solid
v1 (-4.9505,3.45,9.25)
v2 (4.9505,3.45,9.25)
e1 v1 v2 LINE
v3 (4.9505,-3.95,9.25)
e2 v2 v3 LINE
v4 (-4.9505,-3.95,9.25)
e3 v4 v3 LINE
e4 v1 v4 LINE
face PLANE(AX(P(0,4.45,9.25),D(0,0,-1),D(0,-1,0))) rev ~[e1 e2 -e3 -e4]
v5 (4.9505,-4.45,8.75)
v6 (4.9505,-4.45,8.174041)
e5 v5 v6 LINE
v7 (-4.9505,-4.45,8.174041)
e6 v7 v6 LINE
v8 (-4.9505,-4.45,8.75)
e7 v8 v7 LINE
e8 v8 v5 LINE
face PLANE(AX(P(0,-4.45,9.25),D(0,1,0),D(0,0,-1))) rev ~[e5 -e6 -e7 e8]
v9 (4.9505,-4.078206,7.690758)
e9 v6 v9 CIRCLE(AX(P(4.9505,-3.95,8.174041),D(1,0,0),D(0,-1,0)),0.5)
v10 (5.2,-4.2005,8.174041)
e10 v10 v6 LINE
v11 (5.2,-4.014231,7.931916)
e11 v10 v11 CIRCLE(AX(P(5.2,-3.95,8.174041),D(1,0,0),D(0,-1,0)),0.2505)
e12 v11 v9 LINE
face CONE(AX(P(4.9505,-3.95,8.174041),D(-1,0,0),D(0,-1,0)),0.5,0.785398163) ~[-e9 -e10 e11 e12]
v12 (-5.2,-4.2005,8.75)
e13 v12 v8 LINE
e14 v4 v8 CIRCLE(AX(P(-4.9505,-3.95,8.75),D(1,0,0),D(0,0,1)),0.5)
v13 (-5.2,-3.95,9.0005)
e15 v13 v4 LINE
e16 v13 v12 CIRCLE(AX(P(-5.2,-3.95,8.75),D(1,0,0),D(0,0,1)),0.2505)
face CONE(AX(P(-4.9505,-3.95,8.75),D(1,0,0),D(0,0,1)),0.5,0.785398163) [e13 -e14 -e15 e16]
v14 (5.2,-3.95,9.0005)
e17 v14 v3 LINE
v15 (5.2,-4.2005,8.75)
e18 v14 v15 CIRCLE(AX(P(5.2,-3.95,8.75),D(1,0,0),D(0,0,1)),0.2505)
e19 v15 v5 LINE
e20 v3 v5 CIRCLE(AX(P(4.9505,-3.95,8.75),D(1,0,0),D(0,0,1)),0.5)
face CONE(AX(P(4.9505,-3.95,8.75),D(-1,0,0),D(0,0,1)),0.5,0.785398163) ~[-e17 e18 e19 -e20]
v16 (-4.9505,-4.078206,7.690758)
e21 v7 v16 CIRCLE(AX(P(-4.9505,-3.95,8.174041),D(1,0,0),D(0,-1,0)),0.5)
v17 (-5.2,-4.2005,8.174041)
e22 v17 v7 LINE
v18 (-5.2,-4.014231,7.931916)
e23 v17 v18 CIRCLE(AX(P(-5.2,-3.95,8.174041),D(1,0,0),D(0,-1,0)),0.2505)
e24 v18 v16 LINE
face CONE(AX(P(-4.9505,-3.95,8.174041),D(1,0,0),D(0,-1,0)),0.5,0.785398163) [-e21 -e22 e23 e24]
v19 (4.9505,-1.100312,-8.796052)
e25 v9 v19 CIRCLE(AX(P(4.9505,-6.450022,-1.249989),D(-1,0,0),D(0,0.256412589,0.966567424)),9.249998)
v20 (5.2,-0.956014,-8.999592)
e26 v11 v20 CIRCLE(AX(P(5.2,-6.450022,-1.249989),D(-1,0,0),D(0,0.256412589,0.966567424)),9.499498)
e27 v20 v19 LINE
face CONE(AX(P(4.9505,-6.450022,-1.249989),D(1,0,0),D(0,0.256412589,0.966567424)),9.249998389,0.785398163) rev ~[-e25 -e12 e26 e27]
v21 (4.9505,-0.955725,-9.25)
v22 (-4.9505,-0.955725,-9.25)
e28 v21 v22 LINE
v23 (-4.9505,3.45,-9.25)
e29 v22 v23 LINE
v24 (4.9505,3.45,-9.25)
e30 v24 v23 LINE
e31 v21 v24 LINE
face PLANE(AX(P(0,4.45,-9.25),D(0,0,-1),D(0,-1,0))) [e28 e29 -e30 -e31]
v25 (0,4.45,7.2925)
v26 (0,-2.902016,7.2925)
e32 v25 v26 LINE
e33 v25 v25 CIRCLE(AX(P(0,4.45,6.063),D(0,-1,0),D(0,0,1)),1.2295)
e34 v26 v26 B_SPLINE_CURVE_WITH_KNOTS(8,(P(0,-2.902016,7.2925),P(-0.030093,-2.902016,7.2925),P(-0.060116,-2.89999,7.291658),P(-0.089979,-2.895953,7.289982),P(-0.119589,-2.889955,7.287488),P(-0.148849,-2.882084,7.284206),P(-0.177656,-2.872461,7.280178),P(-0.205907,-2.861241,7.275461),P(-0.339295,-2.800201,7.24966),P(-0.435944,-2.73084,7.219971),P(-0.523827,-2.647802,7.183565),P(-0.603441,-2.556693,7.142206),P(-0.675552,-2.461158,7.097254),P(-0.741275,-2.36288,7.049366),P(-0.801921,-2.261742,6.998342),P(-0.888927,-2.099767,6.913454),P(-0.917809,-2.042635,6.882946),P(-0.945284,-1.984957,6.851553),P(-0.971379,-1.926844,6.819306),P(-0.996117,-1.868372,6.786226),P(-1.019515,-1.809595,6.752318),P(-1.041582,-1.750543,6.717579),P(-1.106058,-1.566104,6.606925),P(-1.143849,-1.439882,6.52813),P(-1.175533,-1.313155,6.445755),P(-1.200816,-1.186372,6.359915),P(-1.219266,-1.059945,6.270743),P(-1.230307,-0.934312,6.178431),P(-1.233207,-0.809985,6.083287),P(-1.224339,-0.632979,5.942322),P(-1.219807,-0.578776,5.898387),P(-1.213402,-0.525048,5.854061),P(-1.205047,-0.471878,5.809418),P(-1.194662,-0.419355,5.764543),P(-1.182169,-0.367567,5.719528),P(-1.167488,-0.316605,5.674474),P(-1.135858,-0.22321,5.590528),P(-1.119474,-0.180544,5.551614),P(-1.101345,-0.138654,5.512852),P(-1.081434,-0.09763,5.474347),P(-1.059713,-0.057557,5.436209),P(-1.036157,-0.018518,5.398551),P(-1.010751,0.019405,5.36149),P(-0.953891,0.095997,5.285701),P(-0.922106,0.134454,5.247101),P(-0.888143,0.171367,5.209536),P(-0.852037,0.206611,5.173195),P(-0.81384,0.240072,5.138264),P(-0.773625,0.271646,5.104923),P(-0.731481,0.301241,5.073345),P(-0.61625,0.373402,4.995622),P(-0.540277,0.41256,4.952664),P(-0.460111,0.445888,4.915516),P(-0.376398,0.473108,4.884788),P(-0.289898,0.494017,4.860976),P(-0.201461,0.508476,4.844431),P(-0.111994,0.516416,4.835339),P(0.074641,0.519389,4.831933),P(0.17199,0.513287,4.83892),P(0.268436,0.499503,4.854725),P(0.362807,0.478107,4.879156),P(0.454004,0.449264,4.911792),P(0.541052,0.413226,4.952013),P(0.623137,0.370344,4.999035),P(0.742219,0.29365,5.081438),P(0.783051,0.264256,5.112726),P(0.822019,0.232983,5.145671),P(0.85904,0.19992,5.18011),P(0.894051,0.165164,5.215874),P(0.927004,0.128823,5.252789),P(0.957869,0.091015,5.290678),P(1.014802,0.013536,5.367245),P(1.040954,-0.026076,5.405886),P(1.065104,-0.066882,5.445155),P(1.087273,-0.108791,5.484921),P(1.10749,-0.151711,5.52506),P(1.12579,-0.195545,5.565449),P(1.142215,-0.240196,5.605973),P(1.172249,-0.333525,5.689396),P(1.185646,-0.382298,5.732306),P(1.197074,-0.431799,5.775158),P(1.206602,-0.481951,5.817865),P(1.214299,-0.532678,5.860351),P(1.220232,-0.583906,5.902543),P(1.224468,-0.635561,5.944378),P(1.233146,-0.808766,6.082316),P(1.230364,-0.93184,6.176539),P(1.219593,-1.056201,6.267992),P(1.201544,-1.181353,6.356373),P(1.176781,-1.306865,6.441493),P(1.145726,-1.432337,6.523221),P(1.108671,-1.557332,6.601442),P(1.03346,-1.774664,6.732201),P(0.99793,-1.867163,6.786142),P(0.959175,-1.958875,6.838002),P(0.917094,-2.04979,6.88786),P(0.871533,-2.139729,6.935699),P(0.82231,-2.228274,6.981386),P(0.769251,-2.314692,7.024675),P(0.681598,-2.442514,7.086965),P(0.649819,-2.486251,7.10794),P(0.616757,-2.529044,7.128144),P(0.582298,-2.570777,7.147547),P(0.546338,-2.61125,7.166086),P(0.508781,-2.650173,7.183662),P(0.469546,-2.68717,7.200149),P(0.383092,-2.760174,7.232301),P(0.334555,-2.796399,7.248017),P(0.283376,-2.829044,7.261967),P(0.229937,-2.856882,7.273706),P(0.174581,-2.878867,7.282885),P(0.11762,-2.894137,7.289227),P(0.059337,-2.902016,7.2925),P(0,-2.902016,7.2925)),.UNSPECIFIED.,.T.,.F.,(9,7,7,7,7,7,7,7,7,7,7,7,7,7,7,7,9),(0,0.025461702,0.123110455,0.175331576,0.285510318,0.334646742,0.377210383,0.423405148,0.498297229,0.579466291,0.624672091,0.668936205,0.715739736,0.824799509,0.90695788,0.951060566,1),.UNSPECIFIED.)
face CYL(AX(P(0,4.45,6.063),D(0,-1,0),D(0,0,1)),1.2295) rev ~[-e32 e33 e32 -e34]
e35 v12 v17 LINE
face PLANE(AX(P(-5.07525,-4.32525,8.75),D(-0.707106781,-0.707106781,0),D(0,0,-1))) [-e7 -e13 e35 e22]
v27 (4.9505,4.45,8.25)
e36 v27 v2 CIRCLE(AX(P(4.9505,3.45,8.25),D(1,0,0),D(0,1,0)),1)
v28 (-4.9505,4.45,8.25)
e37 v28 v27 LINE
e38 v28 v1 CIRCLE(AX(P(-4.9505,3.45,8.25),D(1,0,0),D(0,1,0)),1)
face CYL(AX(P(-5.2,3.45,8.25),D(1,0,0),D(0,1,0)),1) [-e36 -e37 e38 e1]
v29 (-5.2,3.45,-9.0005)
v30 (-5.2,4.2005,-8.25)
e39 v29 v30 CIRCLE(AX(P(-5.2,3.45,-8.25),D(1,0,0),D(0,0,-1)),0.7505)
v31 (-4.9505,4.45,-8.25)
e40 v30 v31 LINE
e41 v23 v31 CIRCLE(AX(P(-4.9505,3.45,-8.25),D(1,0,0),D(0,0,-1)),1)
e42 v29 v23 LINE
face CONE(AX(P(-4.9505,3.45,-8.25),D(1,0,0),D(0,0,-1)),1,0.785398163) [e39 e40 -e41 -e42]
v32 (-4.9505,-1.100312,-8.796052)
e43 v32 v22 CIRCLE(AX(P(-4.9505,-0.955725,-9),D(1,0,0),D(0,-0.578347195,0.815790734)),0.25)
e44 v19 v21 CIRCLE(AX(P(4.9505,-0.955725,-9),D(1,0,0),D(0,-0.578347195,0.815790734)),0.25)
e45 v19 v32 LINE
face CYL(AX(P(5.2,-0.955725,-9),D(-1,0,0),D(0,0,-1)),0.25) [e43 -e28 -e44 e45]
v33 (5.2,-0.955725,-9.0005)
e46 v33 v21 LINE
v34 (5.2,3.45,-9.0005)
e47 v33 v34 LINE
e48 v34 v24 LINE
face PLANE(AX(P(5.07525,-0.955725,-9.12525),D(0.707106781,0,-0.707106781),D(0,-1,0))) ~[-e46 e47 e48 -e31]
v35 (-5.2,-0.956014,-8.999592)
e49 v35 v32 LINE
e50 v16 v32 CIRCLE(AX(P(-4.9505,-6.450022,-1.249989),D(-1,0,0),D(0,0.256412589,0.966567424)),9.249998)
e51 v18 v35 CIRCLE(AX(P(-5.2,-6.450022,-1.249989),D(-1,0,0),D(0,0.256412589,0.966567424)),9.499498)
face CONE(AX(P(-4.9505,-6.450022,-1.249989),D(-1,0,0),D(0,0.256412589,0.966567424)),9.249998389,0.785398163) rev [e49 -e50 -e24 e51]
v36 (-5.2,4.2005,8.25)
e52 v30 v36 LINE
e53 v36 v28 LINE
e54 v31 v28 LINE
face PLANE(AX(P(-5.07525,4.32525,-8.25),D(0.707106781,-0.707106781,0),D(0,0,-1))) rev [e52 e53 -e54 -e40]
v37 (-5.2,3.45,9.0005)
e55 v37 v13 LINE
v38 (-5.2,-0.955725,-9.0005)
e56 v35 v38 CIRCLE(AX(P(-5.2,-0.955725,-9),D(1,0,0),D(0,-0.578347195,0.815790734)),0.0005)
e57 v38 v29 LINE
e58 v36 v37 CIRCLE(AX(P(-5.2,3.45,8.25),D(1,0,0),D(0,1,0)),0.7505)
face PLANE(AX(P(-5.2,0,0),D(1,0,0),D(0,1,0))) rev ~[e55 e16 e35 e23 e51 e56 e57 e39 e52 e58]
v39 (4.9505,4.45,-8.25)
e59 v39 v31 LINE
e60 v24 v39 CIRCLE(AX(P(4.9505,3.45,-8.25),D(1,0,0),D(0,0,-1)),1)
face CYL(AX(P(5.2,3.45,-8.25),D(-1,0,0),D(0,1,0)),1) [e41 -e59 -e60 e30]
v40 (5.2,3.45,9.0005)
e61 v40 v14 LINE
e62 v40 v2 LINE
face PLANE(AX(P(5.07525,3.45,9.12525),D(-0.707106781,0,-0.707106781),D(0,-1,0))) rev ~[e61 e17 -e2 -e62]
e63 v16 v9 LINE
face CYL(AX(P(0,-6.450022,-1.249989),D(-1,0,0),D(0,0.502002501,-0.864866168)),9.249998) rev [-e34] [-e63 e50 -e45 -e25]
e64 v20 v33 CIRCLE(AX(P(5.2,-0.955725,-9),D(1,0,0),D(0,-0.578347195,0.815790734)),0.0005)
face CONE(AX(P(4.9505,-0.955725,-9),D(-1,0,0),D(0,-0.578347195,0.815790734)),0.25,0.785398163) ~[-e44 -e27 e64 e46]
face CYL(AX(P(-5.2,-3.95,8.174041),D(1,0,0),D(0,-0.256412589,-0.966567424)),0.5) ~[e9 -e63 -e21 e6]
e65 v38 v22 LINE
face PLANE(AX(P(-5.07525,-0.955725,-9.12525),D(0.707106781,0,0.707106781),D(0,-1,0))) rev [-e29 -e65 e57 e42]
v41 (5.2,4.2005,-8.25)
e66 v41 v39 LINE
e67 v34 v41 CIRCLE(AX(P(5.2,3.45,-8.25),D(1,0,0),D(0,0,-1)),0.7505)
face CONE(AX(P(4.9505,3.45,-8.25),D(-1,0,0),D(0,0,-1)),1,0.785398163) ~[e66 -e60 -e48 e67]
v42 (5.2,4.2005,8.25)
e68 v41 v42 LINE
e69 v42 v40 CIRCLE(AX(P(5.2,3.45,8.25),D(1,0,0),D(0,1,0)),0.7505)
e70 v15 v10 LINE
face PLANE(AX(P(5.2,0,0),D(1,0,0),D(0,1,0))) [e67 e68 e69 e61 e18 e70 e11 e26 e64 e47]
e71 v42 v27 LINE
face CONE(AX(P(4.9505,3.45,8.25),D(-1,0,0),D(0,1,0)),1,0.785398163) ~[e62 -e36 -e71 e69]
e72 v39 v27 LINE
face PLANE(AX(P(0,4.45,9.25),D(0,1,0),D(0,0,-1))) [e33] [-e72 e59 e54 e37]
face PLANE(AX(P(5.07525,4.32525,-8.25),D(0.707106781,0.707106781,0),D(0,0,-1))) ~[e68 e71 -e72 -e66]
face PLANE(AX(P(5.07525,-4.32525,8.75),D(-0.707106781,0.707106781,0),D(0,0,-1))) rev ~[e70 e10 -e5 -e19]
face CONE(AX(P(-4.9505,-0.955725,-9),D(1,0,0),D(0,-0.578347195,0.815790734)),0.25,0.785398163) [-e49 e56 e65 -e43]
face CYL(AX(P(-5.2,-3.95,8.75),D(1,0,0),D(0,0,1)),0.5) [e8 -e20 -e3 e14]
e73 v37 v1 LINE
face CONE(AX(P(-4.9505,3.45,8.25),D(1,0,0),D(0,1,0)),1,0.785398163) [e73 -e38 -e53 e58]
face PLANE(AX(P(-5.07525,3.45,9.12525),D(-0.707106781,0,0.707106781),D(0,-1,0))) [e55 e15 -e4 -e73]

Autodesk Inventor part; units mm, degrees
ref_plane "YZ Plane" through (0, 0, 0) normal (1, 0, 0) x (0, 1, 0)
ref_plane "XZ Plane" through (0, 0, 0) normal (0, 1, 0) x (-1, 0, 0)
ref_plane "XY Plane" through (0, 0, 0) normal (0, 0, 1) x (1, 0, 0)
sketch "Sketch1" plane through (0, 0, 0) normal (1, 0, 0) x (0, 1, 0)
  line L0 (4.45, 9.25) -> (4.45, -9.25)
  line L1 (4.45, -9.25) -> (-1.8065, -9.25)
  arc A0 (-1.8065, -9.25) -> (-4.45, 7.7812) centre (-6.45, -1.25) ccw
  line L2 (4.45, 9.25) -> (-4.45, 9.25)
  circle A1 centre (-6.45, -1.25) radius 9.15 construction
  line L3 (4.45, 6.063) -> (-0.7859, 6.063) construction
  line L4 (-4.45, 9.25) -> (-4.45, 7.7812)
  point P0 (0, 0)
  point P1 (0, 9.25)
  point P2 (4.45, 0)
  dimension "d0" = 10.9
  dimension "d1" = 18.3
  dimension "d2" = 0.1
  dimension "d6" = 8
  dimension "d7" = 7.313
  dimension "d9" = 2
  dimension "d19" = 10.5
extrude "Extrusion1" add sketch "Sketch1" along normal mid plane 10.4
sketch "Sketch2" plane through (-5.2, 4.45, 9.25) normal (0, 1, 0) x (1, 0, 0)
  line L0 (0, 0) -> (10.4, 0) projected
  line L1 (10.4, 18.5) -> (10.4, 0) projected
  line L2 (10.4, 18.5) -> (0, 18.5) projected
  line L3 (0, 0) -> (0, 18.5) projected
  line L4 (0, 0) -> (10.4, 0) construction
  line L5 (5.2, 0) -> (5.2, 18.5) construction
  line L6 (10.4, 18.5) -> (0, 18.5) construction
  point P0 (5.2, 9.25)
  point P1 (5.2, 3.187)
  point P2 (5.2, 3.187)
  point P3 (5.2, 3.187)
  point P4 (5.2, 3.187)
hole "Hole1" at (0, 4.45, 6.063) at (0, 4.45, 6.063) direction (0, -1, 0) diameter 2.459 end through all thread size "M3x0.5" class "6H" standard "ANSI Metric M Profile"
fillet "Fillet1" radius 1 2 edges at (0, 4.45, 9.25) (0, 4.45, -9.25)
fillet "Fillet1" radius 0.5 2 edges at (0, -4.45, 9.25) (0, -4.45, 7.7812)
fillet "Fillet1" radius 0.25 1 edges at (0, -1.8065, -9.25)
chamfer "Chamfer1" distance 0.25 angle 45 20 edges at (5.2, -0.25, 9.25) (5.2, -4.3036, 9.1036) (5.2, -4.45, 8.462) (5.2, -4.3463, 7.8692) (5.2, 2.6527, 0.3942) (5.2, -1.1939, -9.0759) (5.2, 1.2472, -9.25) (5.2, 4.1571, -8.9571) (5.2, 4.45, 0) (5.2, 4.1571, 8.9571) (-5.2, -0.25, 9.25) (-5.2, 4.1571, 8.9571) (-5.2, 4.45, 0) (-5.2, 4.1571, -8.9571) (-5.2, 1.2472, -9.25) (-5.2, -1.1939, -9.0759) (-5.2, 2.6527, 0.3942) (-5.2, -4.3463, 7.8692) (-5.2, -4.45, 8.462) (-5.2, -4.3036, 9.1036)
properties part number "EPS_BatteryHeatsink" material "Aluminum 6061"
